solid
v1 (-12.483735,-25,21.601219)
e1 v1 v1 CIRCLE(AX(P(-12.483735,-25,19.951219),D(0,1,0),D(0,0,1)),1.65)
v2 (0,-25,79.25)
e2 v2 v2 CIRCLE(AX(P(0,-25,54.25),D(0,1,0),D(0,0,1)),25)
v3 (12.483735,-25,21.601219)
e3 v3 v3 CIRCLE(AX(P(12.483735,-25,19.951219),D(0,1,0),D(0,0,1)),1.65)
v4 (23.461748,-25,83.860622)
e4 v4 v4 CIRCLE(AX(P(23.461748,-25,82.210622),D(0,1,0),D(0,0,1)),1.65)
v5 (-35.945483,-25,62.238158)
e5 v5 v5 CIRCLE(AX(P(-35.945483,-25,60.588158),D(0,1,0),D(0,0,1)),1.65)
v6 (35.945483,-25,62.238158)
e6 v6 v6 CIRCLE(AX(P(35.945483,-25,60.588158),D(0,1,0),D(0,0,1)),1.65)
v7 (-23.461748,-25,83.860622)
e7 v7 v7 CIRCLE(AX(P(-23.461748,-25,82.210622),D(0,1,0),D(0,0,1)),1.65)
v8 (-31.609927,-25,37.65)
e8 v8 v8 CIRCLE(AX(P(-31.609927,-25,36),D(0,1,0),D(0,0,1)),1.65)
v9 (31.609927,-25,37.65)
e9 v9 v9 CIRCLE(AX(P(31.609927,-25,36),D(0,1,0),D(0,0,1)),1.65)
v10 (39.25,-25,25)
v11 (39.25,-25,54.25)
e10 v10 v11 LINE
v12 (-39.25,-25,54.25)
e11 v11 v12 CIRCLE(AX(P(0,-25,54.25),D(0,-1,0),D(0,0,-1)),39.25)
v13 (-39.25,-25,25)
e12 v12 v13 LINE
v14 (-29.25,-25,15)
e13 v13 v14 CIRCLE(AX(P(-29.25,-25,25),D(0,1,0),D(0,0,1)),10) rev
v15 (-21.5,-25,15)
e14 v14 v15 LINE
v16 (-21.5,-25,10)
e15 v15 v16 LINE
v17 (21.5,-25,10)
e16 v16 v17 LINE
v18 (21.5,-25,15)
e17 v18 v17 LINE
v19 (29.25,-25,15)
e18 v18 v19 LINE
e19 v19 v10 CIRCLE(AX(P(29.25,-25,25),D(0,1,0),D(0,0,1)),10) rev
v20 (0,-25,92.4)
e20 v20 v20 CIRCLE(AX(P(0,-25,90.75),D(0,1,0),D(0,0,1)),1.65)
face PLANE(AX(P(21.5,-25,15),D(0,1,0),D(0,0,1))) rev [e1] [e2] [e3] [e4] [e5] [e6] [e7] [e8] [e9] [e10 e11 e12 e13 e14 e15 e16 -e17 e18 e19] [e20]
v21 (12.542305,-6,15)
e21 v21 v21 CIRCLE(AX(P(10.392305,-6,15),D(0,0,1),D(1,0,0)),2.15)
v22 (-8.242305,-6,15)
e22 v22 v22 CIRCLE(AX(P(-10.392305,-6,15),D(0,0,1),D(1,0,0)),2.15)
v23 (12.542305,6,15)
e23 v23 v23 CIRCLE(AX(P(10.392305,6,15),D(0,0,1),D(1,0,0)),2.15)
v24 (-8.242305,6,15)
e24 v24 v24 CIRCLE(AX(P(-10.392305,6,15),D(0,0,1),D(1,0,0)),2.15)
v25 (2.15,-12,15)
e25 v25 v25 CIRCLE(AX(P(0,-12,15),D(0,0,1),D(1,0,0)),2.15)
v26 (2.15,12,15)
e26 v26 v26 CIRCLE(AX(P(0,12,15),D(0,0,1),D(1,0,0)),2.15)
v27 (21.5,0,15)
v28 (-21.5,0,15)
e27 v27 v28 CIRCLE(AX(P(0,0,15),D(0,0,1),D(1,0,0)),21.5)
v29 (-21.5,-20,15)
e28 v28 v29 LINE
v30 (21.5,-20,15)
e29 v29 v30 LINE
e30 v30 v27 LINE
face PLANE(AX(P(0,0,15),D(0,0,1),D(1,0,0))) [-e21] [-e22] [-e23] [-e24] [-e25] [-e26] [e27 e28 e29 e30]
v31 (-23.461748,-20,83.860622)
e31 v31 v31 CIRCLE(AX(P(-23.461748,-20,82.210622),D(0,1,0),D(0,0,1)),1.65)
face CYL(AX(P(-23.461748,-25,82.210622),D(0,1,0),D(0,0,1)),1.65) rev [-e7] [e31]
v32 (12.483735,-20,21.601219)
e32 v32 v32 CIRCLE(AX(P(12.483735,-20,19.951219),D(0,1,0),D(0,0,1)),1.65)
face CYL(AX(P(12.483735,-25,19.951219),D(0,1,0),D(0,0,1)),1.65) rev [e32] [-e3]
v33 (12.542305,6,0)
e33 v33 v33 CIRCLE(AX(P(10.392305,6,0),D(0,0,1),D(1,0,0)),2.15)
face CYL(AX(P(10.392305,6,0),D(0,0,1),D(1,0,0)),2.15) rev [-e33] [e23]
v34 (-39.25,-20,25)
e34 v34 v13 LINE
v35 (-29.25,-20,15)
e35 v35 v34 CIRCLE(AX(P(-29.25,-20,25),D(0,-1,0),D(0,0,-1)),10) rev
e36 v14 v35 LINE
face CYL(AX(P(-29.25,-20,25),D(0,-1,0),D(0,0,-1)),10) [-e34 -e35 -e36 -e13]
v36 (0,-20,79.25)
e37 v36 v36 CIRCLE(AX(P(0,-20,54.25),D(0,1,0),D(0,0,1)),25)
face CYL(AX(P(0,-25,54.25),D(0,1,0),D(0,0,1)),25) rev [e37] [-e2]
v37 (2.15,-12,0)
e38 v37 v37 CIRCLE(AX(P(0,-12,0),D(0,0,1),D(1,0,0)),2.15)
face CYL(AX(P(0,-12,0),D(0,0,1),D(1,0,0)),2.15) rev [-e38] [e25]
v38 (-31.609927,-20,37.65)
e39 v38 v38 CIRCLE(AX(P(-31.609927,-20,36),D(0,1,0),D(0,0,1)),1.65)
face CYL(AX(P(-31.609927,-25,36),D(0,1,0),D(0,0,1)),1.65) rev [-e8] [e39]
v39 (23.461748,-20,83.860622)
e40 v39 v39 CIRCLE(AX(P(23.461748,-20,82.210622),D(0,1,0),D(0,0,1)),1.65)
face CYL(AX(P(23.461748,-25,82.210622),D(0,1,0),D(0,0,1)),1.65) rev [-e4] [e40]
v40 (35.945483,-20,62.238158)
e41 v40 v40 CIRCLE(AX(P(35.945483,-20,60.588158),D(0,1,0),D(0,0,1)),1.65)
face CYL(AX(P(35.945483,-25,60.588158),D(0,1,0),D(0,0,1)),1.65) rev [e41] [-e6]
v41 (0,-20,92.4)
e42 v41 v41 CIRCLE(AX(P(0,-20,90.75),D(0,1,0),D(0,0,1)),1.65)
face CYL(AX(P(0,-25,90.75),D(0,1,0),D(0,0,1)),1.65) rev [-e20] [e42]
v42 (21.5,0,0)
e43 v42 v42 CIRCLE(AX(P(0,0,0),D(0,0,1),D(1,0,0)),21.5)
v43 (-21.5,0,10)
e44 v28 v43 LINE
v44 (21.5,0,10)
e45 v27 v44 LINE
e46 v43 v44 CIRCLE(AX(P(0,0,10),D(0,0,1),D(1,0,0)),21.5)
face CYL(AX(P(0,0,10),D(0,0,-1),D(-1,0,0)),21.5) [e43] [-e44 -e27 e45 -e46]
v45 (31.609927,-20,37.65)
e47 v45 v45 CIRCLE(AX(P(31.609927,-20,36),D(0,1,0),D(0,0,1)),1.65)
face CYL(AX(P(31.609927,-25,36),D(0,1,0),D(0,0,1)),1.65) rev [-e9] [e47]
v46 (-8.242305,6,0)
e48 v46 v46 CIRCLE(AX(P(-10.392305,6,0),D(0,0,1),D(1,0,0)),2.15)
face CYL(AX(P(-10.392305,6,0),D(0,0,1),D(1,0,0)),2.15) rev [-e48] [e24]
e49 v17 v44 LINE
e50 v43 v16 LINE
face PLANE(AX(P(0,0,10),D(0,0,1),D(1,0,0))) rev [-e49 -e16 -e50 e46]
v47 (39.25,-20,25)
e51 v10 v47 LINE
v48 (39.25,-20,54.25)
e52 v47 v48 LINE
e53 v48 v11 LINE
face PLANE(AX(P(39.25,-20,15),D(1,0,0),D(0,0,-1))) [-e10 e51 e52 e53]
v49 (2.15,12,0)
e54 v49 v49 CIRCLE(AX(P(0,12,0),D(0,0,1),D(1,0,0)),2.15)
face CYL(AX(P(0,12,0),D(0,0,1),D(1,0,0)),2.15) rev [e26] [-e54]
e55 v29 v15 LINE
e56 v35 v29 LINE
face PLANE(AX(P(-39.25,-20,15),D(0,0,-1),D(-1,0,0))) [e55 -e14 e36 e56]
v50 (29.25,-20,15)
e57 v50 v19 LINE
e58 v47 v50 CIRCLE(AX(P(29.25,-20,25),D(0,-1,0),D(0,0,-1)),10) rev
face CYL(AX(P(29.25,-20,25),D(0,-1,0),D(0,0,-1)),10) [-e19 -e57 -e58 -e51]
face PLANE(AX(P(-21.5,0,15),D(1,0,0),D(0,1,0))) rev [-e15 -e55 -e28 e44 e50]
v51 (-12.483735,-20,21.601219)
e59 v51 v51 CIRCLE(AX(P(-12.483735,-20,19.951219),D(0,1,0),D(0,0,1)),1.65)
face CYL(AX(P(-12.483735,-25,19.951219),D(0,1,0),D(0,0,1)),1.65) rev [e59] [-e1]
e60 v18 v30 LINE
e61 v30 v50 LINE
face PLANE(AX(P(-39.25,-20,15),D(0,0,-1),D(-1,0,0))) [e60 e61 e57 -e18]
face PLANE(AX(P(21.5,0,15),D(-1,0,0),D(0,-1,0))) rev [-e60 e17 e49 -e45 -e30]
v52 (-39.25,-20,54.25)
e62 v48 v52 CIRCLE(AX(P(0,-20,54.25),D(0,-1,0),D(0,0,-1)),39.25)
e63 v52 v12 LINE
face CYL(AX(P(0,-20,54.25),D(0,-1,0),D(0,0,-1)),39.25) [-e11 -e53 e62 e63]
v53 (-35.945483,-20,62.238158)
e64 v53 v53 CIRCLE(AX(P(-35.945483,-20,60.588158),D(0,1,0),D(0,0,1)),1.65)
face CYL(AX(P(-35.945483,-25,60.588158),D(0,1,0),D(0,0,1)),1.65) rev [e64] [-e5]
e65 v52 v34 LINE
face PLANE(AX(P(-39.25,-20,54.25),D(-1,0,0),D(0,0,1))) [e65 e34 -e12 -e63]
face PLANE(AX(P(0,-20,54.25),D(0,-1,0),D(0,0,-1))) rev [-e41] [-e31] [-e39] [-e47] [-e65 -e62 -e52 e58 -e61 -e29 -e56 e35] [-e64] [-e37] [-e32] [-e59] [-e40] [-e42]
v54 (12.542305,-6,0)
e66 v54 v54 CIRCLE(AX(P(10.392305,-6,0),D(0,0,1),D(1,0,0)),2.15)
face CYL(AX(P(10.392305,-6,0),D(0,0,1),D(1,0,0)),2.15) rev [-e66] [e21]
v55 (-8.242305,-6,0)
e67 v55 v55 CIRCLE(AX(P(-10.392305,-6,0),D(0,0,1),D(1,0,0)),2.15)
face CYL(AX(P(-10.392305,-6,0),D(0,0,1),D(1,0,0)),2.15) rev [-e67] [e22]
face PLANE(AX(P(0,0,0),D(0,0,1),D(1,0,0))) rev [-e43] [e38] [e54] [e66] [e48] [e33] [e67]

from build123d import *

# Parameters (mm, degrees)
SKETCH_1_R          = 21.5
EXTRUDE_1_DEPTH     = 10
EXTRUDE_2_DEPTH     = 5
EXTRUDE_3_DEPTH     = 5
FILLET_1_R          = 10
SKETCH_4_R          = 25
CUT_EXTRUDE_1_DEPTH = 110.56761611
SKETCH_5_R          = 1.65
CUT_EXTRUDE_2_DEPTH = 110.56761611
SKETCH_6_R          = 2.15
CUT_EXTRUDE_3_DEPTH = 92.256849058


with BuildPart() as part:
    # ｽｹｯﾁ1 → ﾎﾞｽ - 押し出し1 (new body)
    with BuildSketch(Plane.XY):
        Circle(SKETCH_1_R)
    extrude(amount=EXTRUDE_1_DEPTH)

    # ｽｹｯﾁ2 → ﾎﾞｽ - 押し出し2 (add)
    with BuildSketch(Plane.XY.offset(10)):
        with BuildLine():
            Line((-21.5, 0), (-21.5, -25))
            Line((-21.5, -25), (21.5, -25))
            Line((21.5, -25), (21.5, 0))
            ThreePointArc((21.5, 0), (0, 21.5), (-21.5, 0))
        make_face()
    extrude(amount=EXTRUDE_2_DEPTH)

    # ｽｹｯﾁ3 → ﾎﾞｽ - 押し出し3 (add)
    with BuildSketch(Plane.XZ.offset(25)):
        with BuildLine():
            Line((-39.25, 54.25), (-39.25, 15))
            Line((-39.25, 15), (39.25, 15))
            Line((39.25, 15), (39.25, 54.25))
            ThreePointArc((39.25, 54.25), (0, 93.5), (-39.25, 54.25))
        make_face()
    extrude(amount=-EXTRUDE_3_DEPTH)

    # ﾌｨﾚｯﾄ1
    fillet_1_edges = [part.edges().sort_by_distance(p)[0] for p in [
        (39.25, -22.5, 15),
        (-39.25, -22.5, 15),
    ]]
    fillet(fillet_1_edges, radius=FILLET_1_R)

    # ｽｹｯﾁ4 → ｶｯﾄ - 押し出し1 (cut, through all)
    with BuildSketch(Plane(origin=(0, -20, 0), x_dir=(1, 0, 0), z_dir=(0, 1, 0))):
        with Locations(Location((0, -54.25, 0), (0, 0, 270))):
            Circle(SKETCH_4_R)
    extrude(amount=-CUT_EXTRUDE_1_DEPTH, mode=Mode.SUBTRACT)

    # ｽｹｯﾁ5 → ｶｯﾄ - 押し出し2 (cut, through all)
    with BuildSketch(Plane(origin=(0, -20, 0), x_dir=(1, 0, 0), z_dir=(0, 1, 0))):
        with Locations(Location((0, -90.75, 0), (0, 0, 270))):
            Circle(SKETCH_5_R)
        with Locations(Location((-23.461747754, -82.210622174, 0), (0, 0, 270))):
            Circle(SKETCH_5_R)
        with Locations(Location((-35.945482985, -60.588158485, 0), (0, 0, 270))):
            Circle(SKETCH_5_R)
        with Locations(Location((-31.609927238, -36, 0), (0, 0, 270))):
            Circle(SKETCH_5_R)
        with Locations(Location((-12.483735231, -19.951219341, 0), (0, 0, 270))):
            Circle(SKETCH_5_R)
        with Locations(Location((12.483735231, -19.951219341, 0), (0, 0, 270))):
            Circle(SKETCH_5_R)
        with Locations(Location((31.609927238, -36, 0), (0, 0, 270))):
            Circle(SKETCH_5_R)
        with Locations(Location((35.945482985, -60.588158485, 0), (0, 0, 270))):
            Circle(SKETCH_5_R)
        with Locations(Location((23.461747754, -82.210622174, 0), (0, 0, 270))):
            Circle(SKETCH_5_R)
    extrude(amount=-CUT_EXTRUDE_2_DEPTH, mode=Mode.SUBTRACT)

    # ｽｹｯﾁ6 → ｶｯﾄ - 押し出し3 (cut, through all)
    with BuildSketch(Plane.XY.offset(15)):
        with Locations((0, 12)):
            Circle(SKETCH_6_R)
        with Locations((10.392304845, 6)):
            Circle(SKETCH_6_R)
        with Locations((10.392304845, -6)):
            Circle(SKETCH_6_R)
        with Locations((0, -12)):
            Circle(SKETCH_6_R)
        with Locations((-10.392304845, -6)):
            Circle(SKETCH_6_R)
        with Locations((-10.392304845, 6)):
            Circle(SKETCH_6_R)
    extrude(amount=-CUT_EXTRUDE_3_DEPTH, mode=Mode.SUBTRACT)


solid = part.part
